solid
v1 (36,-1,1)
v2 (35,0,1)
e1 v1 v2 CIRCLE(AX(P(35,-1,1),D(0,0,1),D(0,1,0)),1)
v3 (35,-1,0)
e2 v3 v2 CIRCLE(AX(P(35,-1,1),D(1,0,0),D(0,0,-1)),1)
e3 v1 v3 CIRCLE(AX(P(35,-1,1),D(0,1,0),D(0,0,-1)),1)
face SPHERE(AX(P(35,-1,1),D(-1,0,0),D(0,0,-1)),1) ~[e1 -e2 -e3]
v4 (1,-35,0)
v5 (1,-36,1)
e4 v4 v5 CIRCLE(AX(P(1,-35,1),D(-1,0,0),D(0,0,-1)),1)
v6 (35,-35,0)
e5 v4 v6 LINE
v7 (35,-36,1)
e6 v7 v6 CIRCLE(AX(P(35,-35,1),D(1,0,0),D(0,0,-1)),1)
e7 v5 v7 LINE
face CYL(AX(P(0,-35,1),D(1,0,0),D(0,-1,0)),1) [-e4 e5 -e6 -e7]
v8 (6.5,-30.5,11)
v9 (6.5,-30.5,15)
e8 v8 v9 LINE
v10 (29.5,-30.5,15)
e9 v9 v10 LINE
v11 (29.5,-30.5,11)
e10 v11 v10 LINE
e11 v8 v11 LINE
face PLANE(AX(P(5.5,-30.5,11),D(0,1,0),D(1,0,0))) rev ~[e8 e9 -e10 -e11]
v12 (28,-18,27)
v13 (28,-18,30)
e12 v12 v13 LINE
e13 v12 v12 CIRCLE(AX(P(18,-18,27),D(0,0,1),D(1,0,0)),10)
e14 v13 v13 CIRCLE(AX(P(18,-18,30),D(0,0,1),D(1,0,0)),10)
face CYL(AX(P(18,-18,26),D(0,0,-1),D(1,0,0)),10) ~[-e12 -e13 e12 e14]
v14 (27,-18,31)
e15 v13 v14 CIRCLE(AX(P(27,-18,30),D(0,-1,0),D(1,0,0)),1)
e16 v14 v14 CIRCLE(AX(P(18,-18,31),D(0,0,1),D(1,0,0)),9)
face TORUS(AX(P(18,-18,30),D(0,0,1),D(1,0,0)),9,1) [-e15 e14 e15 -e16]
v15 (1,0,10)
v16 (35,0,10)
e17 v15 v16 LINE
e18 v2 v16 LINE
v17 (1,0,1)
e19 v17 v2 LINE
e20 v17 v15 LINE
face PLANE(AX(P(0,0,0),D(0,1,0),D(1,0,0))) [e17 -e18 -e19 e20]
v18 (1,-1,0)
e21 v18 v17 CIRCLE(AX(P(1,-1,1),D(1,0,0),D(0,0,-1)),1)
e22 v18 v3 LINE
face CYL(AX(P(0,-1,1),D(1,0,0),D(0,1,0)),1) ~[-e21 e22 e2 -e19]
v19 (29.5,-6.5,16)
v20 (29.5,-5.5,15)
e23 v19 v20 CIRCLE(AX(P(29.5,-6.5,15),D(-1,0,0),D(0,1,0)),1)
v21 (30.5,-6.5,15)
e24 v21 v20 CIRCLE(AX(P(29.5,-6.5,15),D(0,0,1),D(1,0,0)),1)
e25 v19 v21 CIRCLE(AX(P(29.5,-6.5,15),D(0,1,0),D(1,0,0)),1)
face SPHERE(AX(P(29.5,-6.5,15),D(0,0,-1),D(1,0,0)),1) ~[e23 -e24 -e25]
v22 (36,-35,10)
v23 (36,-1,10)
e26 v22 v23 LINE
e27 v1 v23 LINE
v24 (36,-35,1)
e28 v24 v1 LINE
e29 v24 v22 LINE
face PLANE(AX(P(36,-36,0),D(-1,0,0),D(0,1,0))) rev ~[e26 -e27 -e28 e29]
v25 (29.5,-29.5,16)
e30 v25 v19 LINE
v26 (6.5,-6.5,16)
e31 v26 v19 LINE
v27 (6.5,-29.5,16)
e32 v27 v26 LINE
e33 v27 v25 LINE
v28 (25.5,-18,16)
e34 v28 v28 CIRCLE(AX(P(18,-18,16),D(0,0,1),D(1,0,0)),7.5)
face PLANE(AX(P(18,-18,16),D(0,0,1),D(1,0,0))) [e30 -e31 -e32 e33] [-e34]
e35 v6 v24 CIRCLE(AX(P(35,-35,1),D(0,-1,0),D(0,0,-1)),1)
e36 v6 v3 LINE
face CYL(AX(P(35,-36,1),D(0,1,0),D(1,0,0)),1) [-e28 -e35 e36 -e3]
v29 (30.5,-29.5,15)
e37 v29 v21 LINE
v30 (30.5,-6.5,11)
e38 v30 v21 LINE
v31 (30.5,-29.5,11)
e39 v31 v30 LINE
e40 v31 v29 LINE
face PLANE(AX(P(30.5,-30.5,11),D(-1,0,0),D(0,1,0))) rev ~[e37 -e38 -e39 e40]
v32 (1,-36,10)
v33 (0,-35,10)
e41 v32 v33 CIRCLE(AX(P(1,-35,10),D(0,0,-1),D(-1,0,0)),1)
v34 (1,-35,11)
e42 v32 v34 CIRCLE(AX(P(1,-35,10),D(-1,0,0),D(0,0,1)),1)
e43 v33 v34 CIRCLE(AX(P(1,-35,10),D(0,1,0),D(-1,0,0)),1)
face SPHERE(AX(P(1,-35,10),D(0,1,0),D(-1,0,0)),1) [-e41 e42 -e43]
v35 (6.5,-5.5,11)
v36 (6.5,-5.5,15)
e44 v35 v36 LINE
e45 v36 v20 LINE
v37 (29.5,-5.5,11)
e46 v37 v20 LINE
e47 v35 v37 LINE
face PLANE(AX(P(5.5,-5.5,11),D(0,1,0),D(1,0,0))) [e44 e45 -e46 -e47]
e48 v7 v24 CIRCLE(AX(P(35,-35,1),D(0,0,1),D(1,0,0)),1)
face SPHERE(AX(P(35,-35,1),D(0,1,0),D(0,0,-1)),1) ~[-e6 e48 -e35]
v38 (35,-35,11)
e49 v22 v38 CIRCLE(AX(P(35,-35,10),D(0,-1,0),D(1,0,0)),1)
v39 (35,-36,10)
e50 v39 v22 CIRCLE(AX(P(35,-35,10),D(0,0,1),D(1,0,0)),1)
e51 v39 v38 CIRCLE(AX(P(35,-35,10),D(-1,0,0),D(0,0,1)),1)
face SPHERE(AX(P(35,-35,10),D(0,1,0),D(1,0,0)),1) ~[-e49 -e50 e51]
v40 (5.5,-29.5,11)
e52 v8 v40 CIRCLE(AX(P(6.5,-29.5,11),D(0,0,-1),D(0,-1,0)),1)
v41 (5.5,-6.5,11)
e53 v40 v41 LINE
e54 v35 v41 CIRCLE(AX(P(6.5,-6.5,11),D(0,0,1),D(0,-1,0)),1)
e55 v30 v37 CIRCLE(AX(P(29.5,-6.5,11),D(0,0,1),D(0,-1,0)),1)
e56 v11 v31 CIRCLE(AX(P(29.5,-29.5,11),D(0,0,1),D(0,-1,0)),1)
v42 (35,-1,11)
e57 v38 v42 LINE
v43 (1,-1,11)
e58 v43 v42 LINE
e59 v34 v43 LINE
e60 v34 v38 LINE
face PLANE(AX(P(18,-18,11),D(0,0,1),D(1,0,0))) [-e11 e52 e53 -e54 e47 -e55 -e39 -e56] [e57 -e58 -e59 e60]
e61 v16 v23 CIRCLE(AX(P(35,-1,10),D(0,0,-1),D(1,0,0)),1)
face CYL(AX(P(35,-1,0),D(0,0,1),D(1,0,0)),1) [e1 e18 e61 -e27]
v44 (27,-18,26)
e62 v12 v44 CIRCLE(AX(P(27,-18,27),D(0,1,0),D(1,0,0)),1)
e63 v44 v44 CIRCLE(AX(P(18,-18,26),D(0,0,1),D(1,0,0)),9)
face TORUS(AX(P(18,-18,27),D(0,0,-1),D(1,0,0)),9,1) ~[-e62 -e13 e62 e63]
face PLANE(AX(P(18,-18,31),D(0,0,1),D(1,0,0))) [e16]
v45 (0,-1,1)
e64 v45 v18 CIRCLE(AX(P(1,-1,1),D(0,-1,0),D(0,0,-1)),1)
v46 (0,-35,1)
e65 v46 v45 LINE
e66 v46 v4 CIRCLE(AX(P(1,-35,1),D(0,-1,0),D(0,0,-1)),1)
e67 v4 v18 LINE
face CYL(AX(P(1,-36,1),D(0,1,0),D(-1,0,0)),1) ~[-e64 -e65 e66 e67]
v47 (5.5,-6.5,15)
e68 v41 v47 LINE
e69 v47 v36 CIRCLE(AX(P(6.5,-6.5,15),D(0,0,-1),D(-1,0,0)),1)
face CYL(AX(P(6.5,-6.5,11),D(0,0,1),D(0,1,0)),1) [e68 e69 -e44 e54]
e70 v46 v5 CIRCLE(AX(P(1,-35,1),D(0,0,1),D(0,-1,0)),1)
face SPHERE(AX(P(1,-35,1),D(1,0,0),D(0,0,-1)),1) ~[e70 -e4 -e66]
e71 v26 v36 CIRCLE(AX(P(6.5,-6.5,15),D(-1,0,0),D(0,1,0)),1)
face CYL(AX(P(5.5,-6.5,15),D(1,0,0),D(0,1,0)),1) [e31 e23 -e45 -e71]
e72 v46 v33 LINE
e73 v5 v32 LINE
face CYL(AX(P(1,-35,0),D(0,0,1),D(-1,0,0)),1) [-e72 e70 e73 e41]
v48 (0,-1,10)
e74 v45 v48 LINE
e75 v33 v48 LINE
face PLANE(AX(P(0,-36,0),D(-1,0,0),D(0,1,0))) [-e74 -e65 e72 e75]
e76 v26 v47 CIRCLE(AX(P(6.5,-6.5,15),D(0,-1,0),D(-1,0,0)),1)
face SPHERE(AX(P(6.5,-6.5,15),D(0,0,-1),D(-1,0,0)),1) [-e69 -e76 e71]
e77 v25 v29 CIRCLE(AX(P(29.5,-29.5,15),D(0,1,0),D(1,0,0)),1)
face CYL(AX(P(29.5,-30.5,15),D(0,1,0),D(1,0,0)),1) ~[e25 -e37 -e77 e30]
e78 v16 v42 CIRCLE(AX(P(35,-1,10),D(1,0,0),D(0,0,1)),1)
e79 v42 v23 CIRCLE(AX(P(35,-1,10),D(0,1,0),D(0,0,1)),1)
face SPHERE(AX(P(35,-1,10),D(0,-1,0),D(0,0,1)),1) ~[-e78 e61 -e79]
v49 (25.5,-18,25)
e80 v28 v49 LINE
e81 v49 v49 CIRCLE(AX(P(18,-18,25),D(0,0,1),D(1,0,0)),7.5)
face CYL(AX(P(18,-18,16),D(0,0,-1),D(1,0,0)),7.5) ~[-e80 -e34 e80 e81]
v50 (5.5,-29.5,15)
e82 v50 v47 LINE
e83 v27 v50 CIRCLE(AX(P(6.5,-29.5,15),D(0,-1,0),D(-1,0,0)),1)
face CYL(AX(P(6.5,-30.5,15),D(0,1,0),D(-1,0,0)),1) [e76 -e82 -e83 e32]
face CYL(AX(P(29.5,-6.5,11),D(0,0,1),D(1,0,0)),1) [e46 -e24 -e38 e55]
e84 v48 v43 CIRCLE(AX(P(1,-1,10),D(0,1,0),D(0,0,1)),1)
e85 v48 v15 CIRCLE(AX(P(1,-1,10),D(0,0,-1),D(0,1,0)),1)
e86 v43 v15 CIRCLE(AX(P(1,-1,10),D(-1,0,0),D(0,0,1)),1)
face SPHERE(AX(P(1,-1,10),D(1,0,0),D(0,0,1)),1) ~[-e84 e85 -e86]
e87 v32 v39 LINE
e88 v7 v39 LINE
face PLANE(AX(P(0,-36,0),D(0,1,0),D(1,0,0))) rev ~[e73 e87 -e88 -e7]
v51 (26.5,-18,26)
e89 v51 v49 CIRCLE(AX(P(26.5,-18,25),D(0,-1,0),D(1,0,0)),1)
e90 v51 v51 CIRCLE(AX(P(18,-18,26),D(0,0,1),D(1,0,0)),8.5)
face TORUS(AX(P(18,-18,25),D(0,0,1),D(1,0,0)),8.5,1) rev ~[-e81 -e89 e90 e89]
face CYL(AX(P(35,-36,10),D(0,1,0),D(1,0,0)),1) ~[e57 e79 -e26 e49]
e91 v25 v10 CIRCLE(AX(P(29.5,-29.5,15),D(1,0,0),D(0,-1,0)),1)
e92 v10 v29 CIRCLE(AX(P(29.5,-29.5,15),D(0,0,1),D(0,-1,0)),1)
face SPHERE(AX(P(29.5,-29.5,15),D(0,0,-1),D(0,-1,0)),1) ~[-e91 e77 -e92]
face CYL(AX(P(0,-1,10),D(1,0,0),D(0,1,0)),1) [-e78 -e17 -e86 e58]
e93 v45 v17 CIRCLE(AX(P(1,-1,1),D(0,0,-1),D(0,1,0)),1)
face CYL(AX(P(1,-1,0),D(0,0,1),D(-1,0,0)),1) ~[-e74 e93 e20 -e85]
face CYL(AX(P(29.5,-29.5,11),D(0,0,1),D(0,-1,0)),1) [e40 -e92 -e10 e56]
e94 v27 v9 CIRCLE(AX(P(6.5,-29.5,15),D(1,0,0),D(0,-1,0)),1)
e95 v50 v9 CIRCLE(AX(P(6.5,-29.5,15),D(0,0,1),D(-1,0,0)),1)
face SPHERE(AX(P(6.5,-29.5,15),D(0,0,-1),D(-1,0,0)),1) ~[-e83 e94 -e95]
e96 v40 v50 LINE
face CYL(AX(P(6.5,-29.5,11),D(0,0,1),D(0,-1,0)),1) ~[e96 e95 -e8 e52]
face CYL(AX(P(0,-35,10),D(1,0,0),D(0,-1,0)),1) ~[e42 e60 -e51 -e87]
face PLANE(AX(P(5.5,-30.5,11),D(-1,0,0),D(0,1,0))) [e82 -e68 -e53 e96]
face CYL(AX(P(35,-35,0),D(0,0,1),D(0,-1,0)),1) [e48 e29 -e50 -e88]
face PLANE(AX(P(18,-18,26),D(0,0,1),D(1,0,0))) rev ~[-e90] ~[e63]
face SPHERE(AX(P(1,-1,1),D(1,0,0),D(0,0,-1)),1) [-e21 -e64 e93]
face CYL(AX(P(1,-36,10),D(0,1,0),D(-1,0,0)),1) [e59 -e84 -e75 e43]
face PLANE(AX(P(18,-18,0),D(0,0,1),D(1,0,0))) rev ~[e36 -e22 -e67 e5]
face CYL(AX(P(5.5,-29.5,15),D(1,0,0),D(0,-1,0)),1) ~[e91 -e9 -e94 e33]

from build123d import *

# Parameters (mm, degrees)
SKETCH_1_W      = 36
SKETCH_1_H      = 36
EXTRUDE_1_DEPTH = 11
FILLET_1_R      = 1
SKETCH_2_W      = 25
SKETCH_2_H      = 25
EXTRUDE_2_DEPTH = 5
FILLET_2_R      = 1
SKETCH_3_R      = 7.5
EXTRUDE_3_DEPTH = 10
SKETCH_4_R      = 10
EXTRUDE_4_DEPTH = 5
FILLET_3_R      = 1


with BuildPart() as part:
    # 草图1 → 凸台-拉伸1 (new body)
    with BuildSketch(Plane.XY):
        with Locations((18, -18)):
            Rectangle(SKETCH_1_W, SKETCH_1_H)
    extrude(amount=EXTRUDE_1_DEPTH)

    # 圆角1
    fillet_1_edges = [part.edges().sort_by_distance(p)[0] for p in [
        (36, -18, 11),
        (18, 0, 11),
        (0, -18, 11),
        (18, 0, 0),
        (36, -18, 0),
        (18, -36, 0),
        (0, -18, 0),
        (0, 0, 5.5),
        (36, 0, 5.5),
        (36, -36, 5.5),
        (0, -36, 5.5),
        (18, -36, 11),
    ]]
    fillet(fillet_1_edges, radius=FILLET_1_R)

    # 草图2 → 凸台-拉伸2 (add)
    with BuildSketch(Plane.XY.offset(11)):
        with Locations((18, -18)):
            Rectangle(SKETCH_2_W, SKETCH_2_H)
    extrude(amount=EXTRUDE_2_DEPTH)

    # 圆角2
    fillet_2_edges = [part.edges().sort_by_distance(p)[0] for p in [
        (5.5, -5.5, 13.5),
        (5.5, -30.5, 13.5),
        (30.5, -30.5, 13.5),
        (30.5, -5.5, 13.5),
        (5.5, -18, 16),
        (18, -30.5, 16),
        (30.5, -18, 16),
        (18, -5.5, 16),
    ]]
    fillet(fillet_2_edges, radius=FILLET_2_R)

    # 草图3 → 凸台-拉伸3 (add)
    with BuildSketch(Plane.XY.offset(16)):
        with Locations((18, -18)):
            Circle(SKETCH_3_R)
    extrude(amount=EXTRUDE_3_DEPTH)

    # 草图4 → 凸台-拉伸4 (add)
    with BuildSketch(Plane.XY.offset(26)):
        with Locations((18, -18)):
            Circle(SKETCH_4_R)
    extrude(amount=EXTRUDE_4_DEPTH)

    # 圆角3
    fillet_3_edges = [part.edges().sort_by_distance(p)[0] for p in [
        (10.5, -18, 26),
        (8, -18, 26),
        (8, -18, 31),
    ]]
    fillet(fillet_3_edges, radius=FILLET_3_R)


solid = part.part
